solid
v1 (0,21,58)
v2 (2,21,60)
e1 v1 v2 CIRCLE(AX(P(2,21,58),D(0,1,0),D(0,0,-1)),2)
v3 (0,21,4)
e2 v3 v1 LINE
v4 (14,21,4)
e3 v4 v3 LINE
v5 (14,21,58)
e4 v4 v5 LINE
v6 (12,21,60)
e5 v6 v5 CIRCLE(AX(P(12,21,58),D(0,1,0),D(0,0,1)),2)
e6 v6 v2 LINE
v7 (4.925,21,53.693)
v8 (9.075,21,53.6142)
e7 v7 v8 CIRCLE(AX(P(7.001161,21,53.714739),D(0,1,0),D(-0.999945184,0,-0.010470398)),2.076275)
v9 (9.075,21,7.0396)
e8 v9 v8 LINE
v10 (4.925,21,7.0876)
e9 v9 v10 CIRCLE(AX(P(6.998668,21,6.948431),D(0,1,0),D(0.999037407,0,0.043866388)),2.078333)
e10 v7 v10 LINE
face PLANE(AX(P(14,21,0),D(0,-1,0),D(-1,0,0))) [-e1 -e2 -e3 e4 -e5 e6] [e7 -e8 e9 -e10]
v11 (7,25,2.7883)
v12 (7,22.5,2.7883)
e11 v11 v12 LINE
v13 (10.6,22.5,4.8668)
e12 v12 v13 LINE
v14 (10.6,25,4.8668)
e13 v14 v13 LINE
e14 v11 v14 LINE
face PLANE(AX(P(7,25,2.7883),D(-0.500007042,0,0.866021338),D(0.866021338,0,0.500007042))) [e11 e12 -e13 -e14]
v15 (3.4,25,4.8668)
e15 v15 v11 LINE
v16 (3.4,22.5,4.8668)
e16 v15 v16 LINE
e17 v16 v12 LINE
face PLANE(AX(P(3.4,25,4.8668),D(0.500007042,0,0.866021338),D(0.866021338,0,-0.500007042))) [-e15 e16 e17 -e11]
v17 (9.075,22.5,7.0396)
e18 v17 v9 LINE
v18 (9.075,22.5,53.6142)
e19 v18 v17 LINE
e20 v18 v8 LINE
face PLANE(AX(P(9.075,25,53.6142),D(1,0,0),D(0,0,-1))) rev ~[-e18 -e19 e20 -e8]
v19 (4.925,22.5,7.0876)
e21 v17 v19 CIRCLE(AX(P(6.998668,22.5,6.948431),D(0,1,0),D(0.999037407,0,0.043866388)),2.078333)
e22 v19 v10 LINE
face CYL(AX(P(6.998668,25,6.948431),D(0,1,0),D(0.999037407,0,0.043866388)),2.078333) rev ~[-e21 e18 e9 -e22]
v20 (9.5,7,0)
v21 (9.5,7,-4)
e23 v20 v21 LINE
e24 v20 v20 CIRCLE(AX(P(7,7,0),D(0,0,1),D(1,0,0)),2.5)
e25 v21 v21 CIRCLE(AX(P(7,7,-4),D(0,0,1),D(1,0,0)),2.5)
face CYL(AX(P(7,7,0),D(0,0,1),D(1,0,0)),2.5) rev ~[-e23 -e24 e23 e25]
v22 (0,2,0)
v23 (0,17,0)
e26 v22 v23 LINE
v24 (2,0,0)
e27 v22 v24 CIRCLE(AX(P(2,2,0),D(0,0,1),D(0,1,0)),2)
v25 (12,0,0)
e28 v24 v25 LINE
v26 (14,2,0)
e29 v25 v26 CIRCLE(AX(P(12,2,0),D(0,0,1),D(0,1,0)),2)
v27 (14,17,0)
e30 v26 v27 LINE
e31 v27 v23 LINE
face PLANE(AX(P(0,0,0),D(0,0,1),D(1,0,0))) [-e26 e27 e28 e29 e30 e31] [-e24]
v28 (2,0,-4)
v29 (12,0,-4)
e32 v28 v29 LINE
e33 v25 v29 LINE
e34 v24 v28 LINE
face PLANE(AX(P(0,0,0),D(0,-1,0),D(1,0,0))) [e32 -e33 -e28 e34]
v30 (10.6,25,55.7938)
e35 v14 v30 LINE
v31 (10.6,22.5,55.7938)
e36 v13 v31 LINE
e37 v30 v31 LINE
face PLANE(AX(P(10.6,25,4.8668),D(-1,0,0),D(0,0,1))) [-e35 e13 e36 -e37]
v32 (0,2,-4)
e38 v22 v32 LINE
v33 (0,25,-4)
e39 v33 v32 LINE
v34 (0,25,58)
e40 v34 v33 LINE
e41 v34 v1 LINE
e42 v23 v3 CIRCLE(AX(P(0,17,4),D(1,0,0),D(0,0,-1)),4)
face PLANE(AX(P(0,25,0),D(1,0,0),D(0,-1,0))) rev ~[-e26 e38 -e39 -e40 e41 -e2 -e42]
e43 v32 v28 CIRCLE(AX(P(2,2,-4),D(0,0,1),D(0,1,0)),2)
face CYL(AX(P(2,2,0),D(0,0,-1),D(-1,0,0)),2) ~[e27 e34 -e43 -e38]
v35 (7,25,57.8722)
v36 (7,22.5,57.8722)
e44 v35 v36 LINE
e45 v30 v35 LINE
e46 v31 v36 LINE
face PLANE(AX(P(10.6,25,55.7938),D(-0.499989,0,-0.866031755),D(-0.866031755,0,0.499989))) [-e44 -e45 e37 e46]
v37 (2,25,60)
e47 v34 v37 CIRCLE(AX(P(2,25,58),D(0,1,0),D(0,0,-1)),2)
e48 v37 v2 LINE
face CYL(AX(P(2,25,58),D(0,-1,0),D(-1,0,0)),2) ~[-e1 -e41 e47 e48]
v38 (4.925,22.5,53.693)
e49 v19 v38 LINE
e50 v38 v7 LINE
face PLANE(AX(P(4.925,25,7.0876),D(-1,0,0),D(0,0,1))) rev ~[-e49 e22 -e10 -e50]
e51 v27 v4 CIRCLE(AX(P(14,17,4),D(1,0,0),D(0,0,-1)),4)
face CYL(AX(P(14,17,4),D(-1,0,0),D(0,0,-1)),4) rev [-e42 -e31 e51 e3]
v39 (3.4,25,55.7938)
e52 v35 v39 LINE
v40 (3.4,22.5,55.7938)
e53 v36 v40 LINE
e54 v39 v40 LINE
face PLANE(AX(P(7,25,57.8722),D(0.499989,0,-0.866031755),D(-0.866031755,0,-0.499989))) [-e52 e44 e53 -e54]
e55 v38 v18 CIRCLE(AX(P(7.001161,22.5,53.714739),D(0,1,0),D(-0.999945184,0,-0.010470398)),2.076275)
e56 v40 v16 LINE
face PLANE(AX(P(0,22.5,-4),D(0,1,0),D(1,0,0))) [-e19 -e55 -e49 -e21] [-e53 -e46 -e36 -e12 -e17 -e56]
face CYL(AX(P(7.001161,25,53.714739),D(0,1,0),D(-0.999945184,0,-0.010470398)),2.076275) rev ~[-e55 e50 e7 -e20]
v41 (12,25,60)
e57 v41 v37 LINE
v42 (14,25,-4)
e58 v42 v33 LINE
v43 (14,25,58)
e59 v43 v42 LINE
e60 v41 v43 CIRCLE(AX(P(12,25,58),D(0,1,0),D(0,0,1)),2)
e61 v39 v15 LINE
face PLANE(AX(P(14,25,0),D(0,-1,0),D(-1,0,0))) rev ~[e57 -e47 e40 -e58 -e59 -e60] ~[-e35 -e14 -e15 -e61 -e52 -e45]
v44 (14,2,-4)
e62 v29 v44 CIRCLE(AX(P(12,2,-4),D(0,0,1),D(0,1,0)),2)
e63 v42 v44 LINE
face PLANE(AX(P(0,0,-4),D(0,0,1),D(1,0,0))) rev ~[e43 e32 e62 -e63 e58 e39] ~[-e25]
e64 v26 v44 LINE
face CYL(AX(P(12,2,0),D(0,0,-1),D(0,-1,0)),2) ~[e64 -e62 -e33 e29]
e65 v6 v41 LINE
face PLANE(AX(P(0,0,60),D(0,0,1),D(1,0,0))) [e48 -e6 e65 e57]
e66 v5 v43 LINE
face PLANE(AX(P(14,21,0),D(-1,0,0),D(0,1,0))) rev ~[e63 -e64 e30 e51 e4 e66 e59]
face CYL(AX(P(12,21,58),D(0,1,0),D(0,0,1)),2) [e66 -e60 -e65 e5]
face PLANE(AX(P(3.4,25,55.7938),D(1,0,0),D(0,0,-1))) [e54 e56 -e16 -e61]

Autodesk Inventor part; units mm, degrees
ref_plane "YZ Plane" through (0, 0, 0) normal (1, 0, 0) x (0, 1, 0)
ref_plane "XZ Plane" through (0, 0, 0) normal (0, 1, 0) x (-1, 0, 0)
ref_plane "XY Plane" through (0, 0, 0) normal (0, 0, 1) x (1, 0, 0)
sketch "Náčrt1" plane through (0, 0, 0) normal (0, 0, 1) x (1, 0, 0)
  line L0 (0, 0) -> (14, 0)
  line L1 (14, 0) -> (14, 25)
  line L2 (14, 25) -> (0, 25)
  line L3 (0, 25) -> (0, 0)
  circle A0 centre (7, 7) radius 2.5
  line L4 (0, 25) -> (14, 25)
  line L5 (14, 25) -> (14, 21)
  line L6 (14, 21) -> (0, 21)
  line L7 (0, 21) -> (0, 25)
  point P0 (0, 0)
  point P1 (7, 0)
  point P2 (0, 21)
  dimension "d0" = 14
  dimension "d1" = 25
  dimension "d2" = 5
  dimension "d3" = 7
  dimension "d4" = 7
  dimension "d5" = 4
extrude "Vysunutí1" add sketch "Náčrt1" against normal blind 4
extrude "Vysunutí2" add sketch "Náčrt1" along normal blind 60 contours L3 L2 L1 L6
sketch "Náčrt2" plane through (0, 25, -4) normal (0, 1, 0) x (1, 0, 0)
  point P0 (0, -4)
sketch "Náčrt3" plane through (0, 25, -4) normal (0, 1, 0) x (1, 0, 0)
  line L0 (14, 0) -> (14, -64) projected
  line L1 (0, 0) -> (14, 0) projected
  line L2 (0, 0) -> (0, -64) projected
  line L3 (14, -64) -> (0, -64) projected
  line L4 (7, -6.7883) -> (10.6, -8.8668)
  line L5 (9.075, -57.6142) -> (9.075, -11.0396)
  line L6 (10.6, -59.7938) -> (7, -61.8722)
  line L7 (7, -61.8722) -> (3.4, -59.7938)
  line L8 (7, -61.8722) -> (3.4, -59.7938)
  line L9 (10.6, -59.7938) -> (7, -61.8722)
  line L10 (7, -6.7883) -> (10.6, -8.8668)
  arc A0 (4.925, -57.693) -> (9.075, -57.6142) centre (7.0012, -57.7147) ccw
  arc A1 (4.925, -57.693) -> (9.075, -57.6142) centre (7.0012, -57.7147) ccw
  line L11 (4.925, -11.0876) -> (4.925, -57.693)
  line L12 (9.075, -57.6142) -> (9.075, -11.0396)
  line L13 (10.6, -8.8668) -> (10.6, -59.7938)
  line L14 (10.6, -8.8668) -> (10.6, -59.7938)
  line L15 (3.4, -59.7938) -> (3.4, -8.8668)
  line L16 (3.4, -59.7938) -> (3.4, -8.8668)
  arc A2 (9.075, -11.0396) -> (4.925, -11.0876) centre (6.9987, -10.9484) ccw
  arc A3 (9.075, -11.0396) -> (4.925, -11.0876) centre (6.9987, -10.9484) ccw
  line L17 (3.4, -8.8668) -> (7, -6.7883)
  line L18 (3.4, -8.8668) -> (7, -6.7883)
  line L19 (4.925, -11.0876) -> (4.925, -57.693)
  point P0 (0, -4)
  point P1 (7, -8.87)
  point P2 (7, -8.87)
  point P3 (7, -64)
  point P4 (7.0406, -59.7906)
  dimension "d10" = 4.15
  dimension "d11" = 2.1278
  dimension "d12" = 2.0816
  dimension "d13" = 1.525
extrude "Vysunutí3" cut sketch "Náčrt3" against normal blind 60 contours A0 L11 A2 L5
extrude "Vysunutí4" cut sketch "Náčrt3" against normal blind 2.5 contours L4 L13 L6 L7 L15 L17
fillet "Zaoblení1" radius 2 2 edges at (14, 23, 60) (0, 23, 60)
fillet "Zaoblení2" radius 2 2 edges at (14, 0, -2) (0, 0, -2)
fillet "Zaoblení3" radius 4 1 edges at (7, 21, 0)
properties part number "Sloupek" material "Olovo"
